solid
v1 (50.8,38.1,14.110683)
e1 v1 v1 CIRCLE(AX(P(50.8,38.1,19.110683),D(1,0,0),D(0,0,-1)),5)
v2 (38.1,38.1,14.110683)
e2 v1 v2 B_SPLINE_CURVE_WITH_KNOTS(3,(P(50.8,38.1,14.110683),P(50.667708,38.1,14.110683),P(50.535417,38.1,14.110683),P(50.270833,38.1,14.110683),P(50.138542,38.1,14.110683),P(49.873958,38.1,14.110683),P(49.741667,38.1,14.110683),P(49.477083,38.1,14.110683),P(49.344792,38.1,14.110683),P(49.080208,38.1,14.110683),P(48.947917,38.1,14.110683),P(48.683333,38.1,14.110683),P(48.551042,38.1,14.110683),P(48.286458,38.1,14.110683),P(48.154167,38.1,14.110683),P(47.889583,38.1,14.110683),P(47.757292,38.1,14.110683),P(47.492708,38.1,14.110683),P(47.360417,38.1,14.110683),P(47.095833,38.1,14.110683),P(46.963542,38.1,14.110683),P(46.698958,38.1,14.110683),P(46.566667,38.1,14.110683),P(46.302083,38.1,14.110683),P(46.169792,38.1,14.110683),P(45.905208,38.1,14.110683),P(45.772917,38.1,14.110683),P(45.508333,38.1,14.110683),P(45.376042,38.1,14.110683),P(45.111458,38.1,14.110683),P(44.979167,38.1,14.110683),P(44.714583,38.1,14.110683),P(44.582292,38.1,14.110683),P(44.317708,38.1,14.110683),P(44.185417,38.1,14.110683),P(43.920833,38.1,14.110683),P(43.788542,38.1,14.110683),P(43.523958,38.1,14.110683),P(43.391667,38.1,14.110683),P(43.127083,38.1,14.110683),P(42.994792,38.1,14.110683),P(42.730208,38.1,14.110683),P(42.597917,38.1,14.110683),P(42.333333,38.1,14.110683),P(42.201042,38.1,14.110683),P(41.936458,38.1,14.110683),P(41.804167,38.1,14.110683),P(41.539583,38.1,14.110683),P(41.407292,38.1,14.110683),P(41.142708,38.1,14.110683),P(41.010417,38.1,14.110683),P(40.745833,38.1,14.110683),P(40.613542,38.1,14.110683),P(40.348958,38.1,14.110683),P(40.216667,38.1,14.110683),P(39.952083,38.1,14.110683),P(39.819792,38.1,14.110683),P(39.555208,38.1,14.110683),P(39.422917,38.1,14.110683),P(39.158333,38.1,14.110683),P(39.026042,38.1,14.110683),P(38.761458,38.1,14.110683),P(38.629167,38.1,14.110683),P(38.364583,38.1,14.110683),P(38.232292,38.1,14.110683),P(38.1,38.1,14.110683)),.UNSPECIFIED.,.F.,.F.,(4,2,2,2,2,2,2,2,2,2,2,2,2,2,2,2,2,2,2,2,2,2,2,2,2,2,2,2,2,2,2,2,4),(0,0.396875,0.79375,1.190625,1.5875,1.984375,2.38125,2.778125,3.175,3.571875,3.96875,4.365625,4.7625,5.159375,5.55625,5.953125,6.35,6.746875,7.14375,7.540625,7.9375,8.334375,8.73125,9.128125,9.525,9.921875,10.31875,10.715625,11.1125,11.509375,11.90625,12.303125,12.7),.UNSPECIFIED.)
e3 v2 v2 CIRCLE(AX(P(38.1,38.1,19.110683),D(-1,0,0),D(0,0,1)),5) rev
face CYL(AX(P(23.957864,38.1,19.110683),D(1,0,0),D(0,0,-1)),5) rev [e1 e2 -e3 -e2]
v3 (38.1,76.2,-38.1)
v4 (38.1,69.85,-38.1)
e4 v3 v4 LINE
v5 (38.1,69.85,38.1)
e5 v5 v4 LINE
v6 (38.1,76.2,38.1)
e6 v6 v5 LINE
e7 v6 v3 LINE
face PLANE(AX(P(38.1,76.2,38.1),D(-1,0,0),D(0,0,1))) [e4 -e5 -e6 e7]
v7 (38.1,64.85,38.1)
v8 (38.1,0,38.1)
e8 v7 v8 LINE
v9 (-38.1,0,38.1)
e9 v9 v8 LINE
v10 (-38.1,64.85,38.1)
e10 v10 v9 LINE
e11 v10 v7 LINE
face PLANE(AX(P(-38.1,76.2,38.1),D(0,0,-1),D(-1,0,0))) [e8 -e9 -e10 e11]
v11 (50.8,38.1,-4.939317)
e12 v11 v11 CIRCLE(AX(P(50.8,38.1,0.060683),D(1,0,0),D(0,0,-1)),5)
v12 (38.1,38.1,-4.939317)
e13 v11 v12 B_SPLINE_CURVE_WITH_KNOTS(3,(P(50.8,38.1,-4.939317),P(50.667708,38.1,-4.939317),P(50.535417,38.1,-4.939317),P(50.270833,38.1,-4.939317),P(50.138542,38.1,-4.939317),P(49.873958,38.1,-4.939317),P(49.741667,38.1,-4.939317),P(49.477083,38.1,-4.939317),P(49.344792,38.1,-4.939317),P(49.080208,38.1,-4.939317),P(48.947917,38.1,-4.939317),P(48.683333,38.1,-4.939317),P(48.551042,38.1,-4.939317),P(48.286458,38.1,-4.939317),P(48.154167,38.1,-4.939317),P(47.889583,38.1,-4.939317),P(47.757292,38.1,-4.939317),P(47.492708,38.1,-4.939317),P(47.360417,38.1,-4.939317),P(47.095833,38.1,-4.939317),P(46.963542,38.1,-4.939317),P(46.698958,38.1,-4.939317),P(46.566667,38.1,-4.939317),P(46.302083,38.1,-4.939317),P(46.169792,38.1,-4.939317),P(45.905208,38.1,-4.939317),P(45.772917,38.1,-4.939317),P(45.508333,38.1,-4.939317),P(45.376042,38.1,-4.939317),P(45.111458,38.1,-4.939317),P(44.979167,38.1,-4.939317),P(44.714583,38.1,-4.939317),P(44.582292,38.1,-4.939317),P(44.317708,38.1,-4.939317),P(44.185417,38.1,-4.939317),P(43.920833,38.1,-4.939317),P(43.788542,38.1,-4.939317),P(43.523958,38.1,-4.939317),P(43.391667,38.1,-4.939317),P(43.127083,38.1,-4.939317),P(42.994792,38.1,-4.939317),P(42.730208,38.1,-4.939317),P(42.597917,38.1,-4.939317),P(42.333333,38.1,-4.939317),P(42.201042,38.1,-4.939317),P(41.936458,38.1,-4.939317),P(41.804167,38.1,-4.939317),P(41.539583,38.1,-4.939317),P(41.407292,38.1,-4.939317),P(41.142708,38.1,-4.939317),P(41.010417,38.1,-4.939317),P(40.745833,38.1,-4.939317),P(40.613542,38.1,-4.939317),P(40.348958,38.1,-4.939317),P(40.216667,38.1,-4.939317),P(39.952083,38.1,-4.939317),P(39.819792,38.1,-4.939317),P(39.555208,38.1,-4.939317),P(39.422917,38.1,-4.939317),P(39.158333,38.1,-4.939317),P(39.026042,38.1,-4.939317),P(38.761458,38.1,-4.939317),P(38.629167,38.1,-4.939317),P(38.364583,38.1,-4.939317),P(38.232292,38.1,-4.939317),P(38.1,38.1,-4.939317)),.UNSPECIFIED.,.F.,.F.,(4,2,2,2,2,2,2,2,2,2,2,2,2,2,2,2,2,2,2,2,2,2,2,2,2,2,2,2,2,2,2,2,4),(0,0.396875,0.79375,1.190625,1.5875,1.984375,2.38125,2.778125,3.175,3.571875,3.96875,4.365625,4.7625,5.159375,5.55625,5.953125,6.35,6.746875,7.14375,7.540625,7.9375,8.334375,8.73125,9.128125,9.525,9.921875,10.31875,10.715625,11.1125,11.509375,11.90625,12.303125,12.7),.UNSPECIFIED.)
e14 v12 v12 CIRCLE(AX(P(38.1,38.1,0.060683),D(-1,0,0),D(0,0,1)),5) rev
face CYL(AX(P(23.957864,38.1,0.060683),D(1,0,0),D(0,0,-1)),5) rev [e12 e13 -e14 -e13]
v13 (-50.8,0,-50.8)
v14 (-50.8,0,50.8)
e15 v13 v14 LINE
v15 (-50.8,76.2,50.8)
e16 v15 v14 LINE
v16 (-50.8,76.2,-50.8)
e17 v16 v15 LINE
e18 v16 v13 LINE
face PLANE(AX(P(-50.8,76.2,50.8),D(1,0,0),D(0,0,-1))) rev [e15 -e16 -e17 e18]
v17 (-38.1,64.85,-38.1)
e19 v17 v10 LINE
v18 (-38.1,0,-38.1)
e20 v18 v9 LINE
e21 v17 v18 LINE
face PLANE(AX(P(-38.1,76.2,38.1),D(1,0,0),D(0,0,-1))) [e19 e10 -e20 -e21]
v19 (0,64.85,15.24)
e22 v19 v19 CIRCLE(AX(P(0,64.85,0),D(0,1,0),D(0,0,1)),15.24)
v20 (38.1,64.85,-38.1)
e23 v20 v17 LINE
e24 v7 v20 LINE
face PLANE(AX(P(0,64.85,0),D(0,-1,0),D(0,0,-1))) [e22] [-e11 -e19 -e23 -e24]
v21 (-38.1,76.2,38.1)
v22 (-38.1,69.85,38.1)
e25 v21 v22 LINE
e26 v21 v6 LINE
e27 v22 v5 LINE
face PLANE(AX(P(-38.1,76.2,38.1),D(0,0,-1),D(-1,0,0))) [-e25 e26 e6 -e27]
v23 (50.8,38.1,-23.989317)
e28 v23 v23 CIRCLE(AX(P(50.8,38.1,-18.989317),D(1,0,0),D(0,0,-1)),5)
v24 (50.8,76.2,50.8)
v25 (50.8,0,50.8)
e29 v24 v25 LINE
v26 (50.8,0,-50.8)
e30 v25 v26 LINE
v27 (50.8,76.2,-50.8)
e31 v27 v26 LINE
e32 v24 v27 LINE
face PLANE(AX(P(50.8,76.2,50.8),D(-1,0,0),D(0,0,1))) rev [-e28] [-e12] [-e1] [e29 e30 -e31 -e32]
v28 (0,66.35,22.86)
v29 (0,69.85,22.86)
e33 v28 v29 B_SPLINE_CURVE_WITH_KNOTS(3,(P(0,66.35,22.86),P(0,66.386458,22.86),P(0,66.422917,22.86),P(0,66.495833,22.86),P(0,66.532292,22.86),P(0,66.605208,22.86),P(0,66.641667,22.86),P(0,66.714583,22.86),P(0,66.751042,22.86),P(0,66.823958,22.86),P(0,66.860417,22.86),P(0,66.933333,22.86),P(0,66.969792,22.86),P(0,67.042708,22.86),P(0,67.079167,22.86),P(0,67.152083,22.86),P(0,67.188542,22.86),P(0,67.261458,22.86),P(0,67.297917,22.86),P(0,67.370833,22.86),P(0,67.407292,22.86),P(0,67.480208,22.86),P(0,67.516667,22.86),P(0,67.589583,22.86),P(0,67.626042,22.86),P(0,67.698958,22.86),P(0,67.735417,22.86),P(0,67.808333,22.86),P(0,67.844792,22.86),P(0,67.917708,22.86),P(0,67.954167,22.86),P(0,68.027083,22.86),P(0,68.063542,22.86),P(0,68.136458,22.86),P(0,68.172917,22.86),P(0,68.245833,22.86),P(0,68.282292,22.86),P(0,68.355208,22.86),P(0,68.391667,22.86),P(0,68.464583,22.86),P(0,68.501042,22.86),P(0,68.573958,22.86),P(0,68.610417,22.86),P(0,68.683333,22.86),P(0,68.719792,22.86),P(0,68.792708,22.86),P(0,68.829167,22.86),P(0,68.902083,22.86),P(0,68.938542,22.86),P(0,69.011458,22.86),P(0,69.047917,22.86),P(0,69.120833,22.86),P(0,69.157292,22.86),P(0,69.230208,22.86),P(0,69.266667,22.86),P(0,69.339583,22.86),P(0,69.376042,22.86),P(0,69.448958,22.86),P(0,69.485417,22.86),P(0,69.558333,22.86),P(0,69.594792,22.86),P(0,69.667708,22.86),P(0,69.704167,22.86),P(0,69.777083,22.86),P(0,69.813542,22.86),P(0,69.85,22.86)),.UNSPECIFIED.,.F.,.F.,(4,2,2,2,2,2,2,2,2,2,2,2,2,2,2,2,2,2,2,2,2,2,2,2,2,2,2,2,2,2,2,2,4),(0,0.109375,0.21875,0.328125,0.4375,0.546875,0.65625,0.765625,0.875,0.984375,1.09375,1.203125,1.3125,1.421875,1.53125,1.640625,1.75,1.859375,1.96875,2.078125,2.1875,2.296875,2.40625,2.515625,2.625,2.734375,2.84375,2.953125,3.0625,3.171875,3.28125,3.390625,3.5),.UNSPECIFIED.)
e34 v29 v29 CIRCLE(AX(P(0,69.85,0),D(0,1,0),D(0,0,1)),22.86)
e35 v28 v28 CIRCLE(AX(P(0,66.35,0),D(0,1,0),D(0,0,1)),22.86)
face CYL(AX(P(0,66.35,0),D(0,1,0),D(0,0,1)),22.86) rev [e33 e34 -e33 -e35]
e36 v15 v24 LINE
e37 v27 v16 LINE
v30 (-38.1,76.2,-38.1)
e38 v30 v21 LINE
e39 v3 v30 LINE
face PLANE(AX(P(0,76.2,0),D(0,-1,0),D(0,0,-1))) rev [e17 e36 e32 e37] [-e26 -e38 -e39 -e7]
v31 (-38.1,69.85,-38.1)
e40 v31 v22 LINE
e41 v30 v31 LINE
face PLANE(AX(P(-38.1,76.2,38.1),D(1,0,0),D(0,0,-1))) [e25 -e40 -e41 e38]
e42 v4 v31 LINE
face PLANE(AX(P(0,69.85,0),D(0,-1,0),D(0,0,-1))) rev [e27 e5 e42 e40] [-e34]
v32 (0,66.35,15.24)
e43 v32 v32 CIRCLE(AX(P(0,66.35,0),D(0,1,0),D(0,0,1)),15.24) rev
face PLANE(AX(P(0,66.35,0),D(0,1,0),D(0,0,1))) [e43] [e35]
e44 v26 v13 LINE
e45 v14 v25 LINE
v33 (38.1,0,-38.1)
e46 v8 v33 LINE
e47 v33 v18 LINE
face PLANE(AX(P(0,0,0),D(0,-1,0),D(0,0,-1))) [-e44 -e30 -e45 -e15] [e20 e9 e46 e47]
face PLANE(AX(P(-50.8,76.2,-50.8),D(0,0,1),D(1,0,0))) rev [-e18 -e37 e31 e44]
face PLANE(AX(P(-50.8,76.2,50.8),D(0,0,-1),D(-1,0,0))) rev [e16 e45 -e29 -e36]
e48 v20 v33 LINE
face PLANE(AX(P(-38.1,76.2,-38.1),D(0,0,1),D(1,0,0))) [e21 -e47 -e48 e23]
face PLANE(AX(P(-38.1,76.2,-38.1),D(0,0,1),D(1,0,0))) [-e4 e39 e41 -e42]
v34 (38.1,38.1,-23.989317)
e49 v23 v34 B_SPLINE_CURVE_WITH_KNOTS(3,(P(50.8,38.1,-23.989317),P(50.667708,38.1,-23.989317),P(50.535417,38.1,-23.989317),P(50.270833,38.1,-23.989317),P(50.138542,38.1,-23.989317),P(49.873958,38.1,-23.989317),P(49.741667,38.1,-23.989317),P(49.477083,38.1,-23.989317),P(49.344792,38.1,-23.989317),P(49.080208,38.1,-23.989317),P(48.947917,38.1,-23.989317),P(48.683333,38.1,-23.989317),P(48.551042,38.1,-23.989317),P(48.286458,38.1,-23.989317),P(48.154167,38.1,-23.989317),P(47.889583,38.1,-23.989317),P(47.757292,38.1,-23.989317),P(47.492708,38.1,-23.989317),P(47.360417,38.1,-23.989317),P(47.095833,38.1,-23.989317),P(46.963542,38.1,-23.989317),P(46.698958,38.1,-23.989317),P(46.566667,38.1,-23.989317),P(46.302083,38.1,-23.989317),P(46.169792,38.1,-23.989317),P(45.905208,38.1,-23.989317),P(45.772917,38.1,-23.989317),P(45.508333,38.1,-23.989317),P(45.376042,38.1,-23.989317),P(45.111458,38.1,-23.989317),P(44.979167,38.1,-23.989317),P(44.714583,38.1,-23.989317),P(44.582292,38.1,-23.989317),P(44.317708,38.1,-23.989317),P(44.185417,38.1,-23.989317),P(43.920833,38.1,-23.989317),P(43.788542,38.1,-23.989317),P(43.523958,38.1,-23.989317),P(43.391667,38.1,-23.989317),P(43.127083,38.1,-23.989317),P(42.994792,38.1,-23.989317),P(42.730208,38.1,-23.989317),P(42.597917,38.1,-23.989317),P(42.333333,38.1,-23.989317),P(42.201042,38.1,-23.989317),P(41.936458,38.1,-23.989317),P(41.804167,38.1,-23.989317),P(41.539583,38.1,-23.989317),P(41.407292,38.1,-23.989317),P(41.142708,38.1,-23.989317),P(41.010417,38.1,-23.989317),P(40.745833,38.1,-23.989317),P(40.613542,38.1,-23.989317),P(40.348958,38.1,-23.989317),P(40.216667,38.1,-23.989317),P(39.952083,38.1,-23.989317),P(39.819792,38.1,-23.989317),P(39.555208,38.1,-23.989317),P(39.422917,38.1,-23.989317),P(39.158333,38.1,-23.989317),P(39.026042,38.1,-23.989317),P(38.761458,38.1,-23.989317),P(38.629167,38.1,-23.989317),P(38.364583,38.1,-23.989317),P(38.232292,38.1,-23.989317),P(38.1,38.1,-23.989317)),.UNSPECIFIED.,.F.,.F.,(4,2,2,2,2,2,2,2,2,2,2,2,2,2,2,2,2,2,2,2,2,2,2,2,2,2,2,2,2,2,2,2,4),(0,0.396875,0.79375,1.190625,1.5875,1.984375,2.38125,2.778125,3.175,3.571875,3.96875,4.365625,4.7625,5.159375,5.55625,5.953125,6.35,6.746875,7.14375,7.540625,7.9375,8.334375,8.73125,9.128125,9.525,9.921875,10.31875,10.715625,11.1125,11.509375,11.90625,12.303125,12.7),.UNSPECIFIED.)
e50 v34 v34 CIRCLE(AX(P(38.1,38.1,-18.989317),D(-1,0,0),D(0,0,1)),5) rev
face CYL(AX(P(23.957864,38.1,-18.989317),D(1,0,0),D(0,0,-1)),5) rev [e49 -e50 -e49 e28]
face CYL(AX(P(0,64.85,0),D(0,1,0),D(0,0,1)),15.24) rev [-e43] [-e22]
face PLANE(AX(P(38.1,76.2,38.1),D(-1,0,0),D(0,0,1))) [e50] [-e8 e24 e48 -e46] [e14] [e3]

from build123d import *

# Parameters (mm, degrees)
SKETCH1_W           = 101.6
SKETCH1_H           = 101.6
SKETCH1_W_2         = 76.2
SKETCH1_H_2         = 76.2
BOSS_EXTRUDE1_DEPTH = 76.2
BOSS_EXTRUDE2_START = -6.35
SKETCH2_W           = 76.2
SKETCH2_H           = 76.2
SKETCH2_R           = 15.24
BOSS_EXTRUDE2_DEPTH = 5
SKETCH3_R           = 22.86
CUT_EXTRUDE2_DEPTH  = 3.5
SKETCH4_R           = 5
CUT_EXTRUDE3_DEPTH  = 12.7


with BuildPart() as part:
    # Sketch1 → Boss-Extrude1 (new body)
    with BuildSketch(Plane(origin=(0, 0, 0), x_dir=(1, 0, 0), z_dir=(0, 1, 0))):
        Rectangle(SKETCH1_W, SKETCH1_H)
        Rectangle(SKETCH1_W_2, SKETCH1_H_2, mode=Mode.SUBTRACT)
    extrude(amount=BOSS_EXTRUDE1_DEPTH)

    # Sketch2 → Boss-Extrude2 (add)
    with BuildSketch(Plane(origin=(0, 76.2, 0), x_dir=(1, 0, 0), z_dir=(0, 1, 0)).offset(BOSS_EXTRUDE2_START)):
        Rectangle(SKETCH2_W, SKETCH2_H)
        with Locations(Location((0, 0, 0), (0, 0, 270))):
            Circle(SKETCH2_R, mode=Mode.SUBTRACT)
    extrude(amount=-BOSS_EXTRUDE2_DEPTH)

    # Sketch3 → Cut-Extrude2 (cut)
    with BuildSketch(Plane(origin=(0, 69.85, 0), x_dir=(1, 0, 0), z_dir=(0, 1, 0))):
        with Locations(Location((0, 0, 0), (0, 0, 270))):
            Circle(SKETCH3_R)
    extrude(amount=-CUT_EXTRUDE2_DEPTH, mode=Mode.SUBTRACT)

    # Sketch4 → Cut-Extrude3 (cut)
    with BuildSketch(Plane(origin=(50.8, 0, 0), x_dir=(0, 0, -1), z_dir=(1, 0, 0))):
        with Locations((-19.110683009, 38.1)):
            Circle(SKETCH4_R)
        with Locations((-0.060683009, 38.1)):
            Circle(SKETCH4_R)
        with Locations((18.989316991, 38.1)):
            Circle(SKETCH4_R)
    extrude(amount=-CUT_EXTRUDE3_DEPTH, mode=Mode.SUBTRACT)


solid = part.part
